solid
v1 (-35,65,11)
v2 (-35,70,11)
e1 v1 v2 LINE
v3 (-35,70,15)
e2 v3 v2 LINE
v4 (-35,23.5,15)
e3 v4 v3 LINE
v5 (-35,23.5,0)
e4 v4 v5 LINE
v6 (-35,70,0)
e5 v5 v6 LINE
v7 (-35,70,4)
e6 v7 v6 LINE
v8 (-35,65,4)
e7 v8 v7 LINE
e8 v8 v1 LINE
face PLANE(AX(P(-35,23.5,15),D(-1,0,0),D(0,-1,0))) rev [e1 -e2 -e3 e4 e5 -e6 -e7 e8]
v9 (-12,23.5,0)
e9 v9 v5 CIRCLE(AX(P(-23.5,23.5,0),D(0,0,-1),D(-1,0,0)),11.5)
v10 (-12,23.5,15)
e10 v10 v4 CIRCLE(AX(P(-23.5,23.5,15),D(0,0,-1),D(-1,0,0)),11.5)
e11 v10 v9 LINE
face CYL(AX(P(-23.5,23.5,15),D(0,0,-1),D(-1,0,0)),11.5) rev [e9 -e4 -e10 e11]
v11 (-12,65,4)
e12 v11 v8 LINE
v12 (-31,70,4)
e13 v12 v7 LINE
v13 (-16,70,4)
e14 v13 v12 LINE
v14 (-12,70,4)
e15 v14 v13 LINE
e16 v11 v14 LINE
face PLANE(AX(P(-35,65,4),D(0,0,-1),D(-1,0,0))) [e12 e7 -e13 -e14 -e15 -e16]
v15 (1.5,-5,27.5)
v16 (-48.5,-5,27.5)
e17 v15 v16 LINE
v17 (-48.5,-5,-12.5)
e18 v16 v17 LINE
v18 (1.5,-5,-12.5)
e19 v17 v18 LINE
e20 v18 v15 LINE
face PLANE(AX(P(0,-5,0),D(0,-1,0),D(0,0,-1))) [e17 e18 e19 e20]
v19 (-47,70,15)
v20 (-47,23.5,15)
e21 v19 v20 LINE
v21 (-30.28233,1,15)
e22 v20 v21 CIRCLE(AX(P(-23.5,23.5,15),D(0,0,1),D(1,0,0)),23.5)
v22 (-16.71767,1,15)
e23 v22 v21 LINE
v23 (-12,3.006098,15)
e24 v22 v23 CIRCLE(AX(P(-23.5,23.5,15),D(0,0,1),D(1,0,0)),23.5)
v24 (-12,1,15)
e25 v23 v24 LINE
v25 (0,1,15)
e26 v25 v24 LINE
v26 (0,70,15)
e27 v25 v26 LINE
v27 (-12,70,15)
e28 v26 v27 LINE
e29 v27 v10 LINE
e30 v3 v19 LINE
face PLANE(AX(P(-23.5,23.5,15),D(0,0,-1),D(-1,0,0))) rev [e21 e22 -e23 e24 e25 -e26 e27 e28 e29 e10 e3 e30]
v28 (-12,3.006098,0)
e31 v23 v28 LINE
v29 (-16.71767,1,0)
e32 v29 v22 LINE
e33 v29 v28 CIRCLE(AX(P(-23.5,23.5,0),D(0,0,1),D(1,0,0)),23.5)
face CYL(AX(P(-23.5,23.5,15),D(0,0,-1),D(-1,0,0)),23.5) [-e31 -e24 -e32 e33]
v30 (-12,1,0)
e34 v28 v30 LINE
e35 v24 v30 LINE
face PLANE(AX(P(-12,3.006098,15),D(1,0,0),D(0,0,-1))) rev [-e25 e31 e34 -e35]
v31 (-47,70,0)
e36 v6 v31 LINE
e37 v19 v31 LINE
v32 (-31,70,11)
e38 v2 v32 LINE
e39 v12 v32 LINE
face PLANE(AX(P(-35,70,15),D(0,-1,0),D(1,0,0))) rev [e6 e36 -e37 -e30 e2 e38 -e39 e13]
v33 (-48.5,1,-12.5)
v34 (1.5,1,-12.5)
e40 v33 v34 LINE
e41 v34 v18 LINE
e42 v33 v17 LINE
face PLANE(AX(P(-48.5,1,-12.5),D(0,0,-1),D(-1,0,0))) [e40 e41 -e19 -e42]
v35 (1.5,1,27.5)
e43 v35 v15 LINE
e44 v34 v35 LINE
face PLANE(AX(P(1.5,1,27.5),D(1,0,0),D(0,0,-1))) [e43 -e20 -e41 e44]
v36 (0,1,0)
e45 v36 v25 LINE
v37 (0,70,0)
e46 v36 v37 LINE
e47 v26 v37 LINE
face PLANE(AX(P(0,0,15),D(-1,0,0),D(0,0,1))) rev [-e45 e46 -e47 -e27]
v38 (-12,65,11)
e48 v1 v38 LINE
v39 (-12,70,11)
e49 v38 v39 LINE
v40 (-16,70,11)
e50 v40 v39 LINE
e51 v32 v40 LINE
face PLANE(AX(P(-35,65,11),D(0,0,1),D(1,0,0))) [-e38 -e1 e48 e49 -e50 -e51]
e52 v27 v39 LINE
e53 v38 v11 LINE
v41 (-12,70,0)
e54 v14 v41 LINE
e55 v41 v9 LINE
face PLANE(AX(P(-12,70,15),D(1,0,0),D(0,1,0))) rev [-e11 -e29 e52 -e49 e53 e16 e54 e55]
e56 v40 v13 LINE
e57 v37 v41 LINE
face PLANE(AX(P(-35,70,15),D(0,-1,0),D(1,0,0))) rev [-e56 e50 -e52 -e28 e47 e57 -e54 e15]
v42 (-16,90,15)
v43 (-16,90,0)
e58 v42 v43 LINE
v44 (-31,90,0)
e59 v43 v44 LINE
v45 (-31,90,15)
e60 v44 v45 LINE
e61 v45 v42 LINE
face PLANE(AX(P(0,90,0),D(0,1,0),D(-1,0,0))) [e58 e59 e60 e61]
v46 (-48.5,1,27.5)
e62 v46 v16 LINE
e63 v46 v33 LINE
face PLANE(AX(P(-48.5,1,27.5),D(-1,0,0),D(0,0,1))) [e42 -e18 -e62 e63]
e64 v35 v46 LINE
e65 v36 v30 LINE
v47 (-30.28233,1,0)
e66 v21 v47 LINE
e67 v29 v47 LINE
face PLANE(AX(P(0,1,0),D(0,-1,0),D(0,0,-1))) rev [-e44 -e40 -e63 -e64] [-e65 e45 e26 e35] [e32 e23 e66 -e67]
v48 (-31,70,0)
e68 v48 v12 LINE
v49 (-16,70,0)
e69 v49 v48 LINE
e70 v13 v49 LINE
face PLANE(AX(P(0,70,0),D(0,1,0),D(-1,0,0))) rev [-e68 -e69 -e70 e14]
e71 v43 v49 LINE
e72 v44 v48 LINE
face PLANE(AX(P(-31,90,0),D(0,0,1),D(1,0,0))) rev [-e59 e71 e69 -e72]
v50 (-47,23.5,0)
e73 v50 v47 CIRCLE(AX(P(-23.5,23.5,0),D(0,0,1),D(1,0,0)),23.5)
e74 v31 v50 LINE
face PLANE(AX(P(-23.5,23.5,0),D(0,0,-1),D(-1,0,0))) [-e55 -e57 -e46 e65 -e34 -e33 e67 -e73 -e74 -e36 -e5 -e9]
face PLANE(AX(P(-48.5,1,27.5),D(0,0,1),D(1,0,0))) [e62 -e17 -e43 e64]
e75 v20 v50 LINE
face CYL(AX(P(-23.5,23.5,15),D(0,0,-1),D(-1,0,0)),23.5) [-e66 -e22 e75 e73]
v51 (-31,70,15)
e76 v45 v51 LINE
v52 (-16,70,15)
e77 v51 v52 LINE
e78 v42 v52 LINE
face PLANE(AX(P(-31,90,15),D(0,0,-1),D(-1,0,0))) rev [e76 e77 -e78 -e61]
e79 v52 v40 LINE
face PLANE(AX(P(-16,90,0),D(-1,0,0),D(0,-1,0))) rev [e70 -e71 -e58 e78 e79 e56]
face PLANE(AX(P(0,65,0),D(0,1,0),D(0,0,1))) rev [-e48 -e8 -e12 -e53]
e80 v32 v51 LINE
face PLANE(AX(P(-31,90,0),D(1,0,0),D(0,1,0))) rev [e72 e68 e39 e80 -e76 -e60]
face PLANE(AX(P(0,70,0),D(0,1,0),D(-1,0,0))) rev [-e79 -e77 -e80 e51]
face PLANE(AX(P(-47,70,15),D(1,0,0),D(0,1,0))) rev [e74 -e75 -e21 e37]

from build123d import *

# Parameters (mm, degrees)
AUFSATZ_LINEAR_AUSTRAGEN1_DEPTH      = 15
SKIZZE2_W                            = 50
SKIZZE2_H                            = 40
AUFSATZ_LINEAR_AUSTRAGEN2_DEPTH      = 5
AUFSATZ_LINEAR_AUSTRAGEN2_DEPTH_BACK = 1
SKIZZE3_W                            = 23
SKIZZE3_H                            = 7
AUFSATZ_LINEAR_AUSTRAGEN3_DEPTH      = 5
SKIZZE4_W                            = 15
SKIZZE4_H                            = 15
AUFSATZ_LINEAR_AUSTRAGEN4_DEPTH      = 20


with BuildPart() as part:
    # Skizze1 → Aufsatz-Linear austragen1 (new body)
    with BuildSketch(Plane.XY):
        with BuildLine():
            Line((0, 0), (0, 70))
            Line((0, 70), (-12, 70))
            Line((-12, 70), (-12, 23.5))
            ThreePointArc((-12, 23.5), (-23.5, 12), (-35, 23.5))
            Line((-35, 23.5), (-35, 70))
            Line((-35, 70), (-47, 70))
            Line((-47, 70), (-47, 23.5))
            ThreePointArc((-47, 23.5), (-35.374342087, 3.220700209), (-12, 3.006098468))
            Line((-12, 3.006098468), (-12, 0))
            Line((-12, 0), (0, 0))
        make_face()
    extrude(amount=AUFSATZ_LINEAR_AUSTRAGEN1_DEPTH)

    # Skizze2 → Aufsatz-Linear austragen2 (add, two sides)
    with BuildSketch(Plane.XZ) as aufsatz_linear_austragen2_sk:
        with Locations((-23.5, 7.5)):
            Rectangle(SKIZZE2_W, SKIZZE2_H)
    extrude(amount=AUFSATZ_LINEAR_AUSTRAGEN2_DEPTH)
    extrude(aufsatz_linear_austragen2_sk.sketch, amount=-AUFSATZ_LINEAR_AUSTRAGEN2_DEPTH_BACK)

    # Skizze3 → Aufsatz-Linear austragen3 (add)
    with BuildSketch(Plane(origin=(0, 70, 0), x_dir=(1, 0, 0), z_dir=(0, 1, 0))):
        with Locations((-23.5, -7.5)):
            Rectangle(SKIZZE3_W, SKIZZE3_H)
    extrude(amount=-AUFSATZ_LINEAR_AUSTRAGEN3_DEPTH)

    # Skizze4 → Aufsatz-Linear austragen4 (add)
    with BuildSketch(Plane(origin=(0, 70, 0), x_dir=(1, 0, 0), z_dir=(0, 1, 0))):
        with Locations((-23.5, -7.5)):
            Rectangle(SKIZZE4_W, SKIZZE4_H)
    extrude(amount=AUFSATZ_LINEAR_AUSTRAGEN4_DEPTH)


solid = part.part
